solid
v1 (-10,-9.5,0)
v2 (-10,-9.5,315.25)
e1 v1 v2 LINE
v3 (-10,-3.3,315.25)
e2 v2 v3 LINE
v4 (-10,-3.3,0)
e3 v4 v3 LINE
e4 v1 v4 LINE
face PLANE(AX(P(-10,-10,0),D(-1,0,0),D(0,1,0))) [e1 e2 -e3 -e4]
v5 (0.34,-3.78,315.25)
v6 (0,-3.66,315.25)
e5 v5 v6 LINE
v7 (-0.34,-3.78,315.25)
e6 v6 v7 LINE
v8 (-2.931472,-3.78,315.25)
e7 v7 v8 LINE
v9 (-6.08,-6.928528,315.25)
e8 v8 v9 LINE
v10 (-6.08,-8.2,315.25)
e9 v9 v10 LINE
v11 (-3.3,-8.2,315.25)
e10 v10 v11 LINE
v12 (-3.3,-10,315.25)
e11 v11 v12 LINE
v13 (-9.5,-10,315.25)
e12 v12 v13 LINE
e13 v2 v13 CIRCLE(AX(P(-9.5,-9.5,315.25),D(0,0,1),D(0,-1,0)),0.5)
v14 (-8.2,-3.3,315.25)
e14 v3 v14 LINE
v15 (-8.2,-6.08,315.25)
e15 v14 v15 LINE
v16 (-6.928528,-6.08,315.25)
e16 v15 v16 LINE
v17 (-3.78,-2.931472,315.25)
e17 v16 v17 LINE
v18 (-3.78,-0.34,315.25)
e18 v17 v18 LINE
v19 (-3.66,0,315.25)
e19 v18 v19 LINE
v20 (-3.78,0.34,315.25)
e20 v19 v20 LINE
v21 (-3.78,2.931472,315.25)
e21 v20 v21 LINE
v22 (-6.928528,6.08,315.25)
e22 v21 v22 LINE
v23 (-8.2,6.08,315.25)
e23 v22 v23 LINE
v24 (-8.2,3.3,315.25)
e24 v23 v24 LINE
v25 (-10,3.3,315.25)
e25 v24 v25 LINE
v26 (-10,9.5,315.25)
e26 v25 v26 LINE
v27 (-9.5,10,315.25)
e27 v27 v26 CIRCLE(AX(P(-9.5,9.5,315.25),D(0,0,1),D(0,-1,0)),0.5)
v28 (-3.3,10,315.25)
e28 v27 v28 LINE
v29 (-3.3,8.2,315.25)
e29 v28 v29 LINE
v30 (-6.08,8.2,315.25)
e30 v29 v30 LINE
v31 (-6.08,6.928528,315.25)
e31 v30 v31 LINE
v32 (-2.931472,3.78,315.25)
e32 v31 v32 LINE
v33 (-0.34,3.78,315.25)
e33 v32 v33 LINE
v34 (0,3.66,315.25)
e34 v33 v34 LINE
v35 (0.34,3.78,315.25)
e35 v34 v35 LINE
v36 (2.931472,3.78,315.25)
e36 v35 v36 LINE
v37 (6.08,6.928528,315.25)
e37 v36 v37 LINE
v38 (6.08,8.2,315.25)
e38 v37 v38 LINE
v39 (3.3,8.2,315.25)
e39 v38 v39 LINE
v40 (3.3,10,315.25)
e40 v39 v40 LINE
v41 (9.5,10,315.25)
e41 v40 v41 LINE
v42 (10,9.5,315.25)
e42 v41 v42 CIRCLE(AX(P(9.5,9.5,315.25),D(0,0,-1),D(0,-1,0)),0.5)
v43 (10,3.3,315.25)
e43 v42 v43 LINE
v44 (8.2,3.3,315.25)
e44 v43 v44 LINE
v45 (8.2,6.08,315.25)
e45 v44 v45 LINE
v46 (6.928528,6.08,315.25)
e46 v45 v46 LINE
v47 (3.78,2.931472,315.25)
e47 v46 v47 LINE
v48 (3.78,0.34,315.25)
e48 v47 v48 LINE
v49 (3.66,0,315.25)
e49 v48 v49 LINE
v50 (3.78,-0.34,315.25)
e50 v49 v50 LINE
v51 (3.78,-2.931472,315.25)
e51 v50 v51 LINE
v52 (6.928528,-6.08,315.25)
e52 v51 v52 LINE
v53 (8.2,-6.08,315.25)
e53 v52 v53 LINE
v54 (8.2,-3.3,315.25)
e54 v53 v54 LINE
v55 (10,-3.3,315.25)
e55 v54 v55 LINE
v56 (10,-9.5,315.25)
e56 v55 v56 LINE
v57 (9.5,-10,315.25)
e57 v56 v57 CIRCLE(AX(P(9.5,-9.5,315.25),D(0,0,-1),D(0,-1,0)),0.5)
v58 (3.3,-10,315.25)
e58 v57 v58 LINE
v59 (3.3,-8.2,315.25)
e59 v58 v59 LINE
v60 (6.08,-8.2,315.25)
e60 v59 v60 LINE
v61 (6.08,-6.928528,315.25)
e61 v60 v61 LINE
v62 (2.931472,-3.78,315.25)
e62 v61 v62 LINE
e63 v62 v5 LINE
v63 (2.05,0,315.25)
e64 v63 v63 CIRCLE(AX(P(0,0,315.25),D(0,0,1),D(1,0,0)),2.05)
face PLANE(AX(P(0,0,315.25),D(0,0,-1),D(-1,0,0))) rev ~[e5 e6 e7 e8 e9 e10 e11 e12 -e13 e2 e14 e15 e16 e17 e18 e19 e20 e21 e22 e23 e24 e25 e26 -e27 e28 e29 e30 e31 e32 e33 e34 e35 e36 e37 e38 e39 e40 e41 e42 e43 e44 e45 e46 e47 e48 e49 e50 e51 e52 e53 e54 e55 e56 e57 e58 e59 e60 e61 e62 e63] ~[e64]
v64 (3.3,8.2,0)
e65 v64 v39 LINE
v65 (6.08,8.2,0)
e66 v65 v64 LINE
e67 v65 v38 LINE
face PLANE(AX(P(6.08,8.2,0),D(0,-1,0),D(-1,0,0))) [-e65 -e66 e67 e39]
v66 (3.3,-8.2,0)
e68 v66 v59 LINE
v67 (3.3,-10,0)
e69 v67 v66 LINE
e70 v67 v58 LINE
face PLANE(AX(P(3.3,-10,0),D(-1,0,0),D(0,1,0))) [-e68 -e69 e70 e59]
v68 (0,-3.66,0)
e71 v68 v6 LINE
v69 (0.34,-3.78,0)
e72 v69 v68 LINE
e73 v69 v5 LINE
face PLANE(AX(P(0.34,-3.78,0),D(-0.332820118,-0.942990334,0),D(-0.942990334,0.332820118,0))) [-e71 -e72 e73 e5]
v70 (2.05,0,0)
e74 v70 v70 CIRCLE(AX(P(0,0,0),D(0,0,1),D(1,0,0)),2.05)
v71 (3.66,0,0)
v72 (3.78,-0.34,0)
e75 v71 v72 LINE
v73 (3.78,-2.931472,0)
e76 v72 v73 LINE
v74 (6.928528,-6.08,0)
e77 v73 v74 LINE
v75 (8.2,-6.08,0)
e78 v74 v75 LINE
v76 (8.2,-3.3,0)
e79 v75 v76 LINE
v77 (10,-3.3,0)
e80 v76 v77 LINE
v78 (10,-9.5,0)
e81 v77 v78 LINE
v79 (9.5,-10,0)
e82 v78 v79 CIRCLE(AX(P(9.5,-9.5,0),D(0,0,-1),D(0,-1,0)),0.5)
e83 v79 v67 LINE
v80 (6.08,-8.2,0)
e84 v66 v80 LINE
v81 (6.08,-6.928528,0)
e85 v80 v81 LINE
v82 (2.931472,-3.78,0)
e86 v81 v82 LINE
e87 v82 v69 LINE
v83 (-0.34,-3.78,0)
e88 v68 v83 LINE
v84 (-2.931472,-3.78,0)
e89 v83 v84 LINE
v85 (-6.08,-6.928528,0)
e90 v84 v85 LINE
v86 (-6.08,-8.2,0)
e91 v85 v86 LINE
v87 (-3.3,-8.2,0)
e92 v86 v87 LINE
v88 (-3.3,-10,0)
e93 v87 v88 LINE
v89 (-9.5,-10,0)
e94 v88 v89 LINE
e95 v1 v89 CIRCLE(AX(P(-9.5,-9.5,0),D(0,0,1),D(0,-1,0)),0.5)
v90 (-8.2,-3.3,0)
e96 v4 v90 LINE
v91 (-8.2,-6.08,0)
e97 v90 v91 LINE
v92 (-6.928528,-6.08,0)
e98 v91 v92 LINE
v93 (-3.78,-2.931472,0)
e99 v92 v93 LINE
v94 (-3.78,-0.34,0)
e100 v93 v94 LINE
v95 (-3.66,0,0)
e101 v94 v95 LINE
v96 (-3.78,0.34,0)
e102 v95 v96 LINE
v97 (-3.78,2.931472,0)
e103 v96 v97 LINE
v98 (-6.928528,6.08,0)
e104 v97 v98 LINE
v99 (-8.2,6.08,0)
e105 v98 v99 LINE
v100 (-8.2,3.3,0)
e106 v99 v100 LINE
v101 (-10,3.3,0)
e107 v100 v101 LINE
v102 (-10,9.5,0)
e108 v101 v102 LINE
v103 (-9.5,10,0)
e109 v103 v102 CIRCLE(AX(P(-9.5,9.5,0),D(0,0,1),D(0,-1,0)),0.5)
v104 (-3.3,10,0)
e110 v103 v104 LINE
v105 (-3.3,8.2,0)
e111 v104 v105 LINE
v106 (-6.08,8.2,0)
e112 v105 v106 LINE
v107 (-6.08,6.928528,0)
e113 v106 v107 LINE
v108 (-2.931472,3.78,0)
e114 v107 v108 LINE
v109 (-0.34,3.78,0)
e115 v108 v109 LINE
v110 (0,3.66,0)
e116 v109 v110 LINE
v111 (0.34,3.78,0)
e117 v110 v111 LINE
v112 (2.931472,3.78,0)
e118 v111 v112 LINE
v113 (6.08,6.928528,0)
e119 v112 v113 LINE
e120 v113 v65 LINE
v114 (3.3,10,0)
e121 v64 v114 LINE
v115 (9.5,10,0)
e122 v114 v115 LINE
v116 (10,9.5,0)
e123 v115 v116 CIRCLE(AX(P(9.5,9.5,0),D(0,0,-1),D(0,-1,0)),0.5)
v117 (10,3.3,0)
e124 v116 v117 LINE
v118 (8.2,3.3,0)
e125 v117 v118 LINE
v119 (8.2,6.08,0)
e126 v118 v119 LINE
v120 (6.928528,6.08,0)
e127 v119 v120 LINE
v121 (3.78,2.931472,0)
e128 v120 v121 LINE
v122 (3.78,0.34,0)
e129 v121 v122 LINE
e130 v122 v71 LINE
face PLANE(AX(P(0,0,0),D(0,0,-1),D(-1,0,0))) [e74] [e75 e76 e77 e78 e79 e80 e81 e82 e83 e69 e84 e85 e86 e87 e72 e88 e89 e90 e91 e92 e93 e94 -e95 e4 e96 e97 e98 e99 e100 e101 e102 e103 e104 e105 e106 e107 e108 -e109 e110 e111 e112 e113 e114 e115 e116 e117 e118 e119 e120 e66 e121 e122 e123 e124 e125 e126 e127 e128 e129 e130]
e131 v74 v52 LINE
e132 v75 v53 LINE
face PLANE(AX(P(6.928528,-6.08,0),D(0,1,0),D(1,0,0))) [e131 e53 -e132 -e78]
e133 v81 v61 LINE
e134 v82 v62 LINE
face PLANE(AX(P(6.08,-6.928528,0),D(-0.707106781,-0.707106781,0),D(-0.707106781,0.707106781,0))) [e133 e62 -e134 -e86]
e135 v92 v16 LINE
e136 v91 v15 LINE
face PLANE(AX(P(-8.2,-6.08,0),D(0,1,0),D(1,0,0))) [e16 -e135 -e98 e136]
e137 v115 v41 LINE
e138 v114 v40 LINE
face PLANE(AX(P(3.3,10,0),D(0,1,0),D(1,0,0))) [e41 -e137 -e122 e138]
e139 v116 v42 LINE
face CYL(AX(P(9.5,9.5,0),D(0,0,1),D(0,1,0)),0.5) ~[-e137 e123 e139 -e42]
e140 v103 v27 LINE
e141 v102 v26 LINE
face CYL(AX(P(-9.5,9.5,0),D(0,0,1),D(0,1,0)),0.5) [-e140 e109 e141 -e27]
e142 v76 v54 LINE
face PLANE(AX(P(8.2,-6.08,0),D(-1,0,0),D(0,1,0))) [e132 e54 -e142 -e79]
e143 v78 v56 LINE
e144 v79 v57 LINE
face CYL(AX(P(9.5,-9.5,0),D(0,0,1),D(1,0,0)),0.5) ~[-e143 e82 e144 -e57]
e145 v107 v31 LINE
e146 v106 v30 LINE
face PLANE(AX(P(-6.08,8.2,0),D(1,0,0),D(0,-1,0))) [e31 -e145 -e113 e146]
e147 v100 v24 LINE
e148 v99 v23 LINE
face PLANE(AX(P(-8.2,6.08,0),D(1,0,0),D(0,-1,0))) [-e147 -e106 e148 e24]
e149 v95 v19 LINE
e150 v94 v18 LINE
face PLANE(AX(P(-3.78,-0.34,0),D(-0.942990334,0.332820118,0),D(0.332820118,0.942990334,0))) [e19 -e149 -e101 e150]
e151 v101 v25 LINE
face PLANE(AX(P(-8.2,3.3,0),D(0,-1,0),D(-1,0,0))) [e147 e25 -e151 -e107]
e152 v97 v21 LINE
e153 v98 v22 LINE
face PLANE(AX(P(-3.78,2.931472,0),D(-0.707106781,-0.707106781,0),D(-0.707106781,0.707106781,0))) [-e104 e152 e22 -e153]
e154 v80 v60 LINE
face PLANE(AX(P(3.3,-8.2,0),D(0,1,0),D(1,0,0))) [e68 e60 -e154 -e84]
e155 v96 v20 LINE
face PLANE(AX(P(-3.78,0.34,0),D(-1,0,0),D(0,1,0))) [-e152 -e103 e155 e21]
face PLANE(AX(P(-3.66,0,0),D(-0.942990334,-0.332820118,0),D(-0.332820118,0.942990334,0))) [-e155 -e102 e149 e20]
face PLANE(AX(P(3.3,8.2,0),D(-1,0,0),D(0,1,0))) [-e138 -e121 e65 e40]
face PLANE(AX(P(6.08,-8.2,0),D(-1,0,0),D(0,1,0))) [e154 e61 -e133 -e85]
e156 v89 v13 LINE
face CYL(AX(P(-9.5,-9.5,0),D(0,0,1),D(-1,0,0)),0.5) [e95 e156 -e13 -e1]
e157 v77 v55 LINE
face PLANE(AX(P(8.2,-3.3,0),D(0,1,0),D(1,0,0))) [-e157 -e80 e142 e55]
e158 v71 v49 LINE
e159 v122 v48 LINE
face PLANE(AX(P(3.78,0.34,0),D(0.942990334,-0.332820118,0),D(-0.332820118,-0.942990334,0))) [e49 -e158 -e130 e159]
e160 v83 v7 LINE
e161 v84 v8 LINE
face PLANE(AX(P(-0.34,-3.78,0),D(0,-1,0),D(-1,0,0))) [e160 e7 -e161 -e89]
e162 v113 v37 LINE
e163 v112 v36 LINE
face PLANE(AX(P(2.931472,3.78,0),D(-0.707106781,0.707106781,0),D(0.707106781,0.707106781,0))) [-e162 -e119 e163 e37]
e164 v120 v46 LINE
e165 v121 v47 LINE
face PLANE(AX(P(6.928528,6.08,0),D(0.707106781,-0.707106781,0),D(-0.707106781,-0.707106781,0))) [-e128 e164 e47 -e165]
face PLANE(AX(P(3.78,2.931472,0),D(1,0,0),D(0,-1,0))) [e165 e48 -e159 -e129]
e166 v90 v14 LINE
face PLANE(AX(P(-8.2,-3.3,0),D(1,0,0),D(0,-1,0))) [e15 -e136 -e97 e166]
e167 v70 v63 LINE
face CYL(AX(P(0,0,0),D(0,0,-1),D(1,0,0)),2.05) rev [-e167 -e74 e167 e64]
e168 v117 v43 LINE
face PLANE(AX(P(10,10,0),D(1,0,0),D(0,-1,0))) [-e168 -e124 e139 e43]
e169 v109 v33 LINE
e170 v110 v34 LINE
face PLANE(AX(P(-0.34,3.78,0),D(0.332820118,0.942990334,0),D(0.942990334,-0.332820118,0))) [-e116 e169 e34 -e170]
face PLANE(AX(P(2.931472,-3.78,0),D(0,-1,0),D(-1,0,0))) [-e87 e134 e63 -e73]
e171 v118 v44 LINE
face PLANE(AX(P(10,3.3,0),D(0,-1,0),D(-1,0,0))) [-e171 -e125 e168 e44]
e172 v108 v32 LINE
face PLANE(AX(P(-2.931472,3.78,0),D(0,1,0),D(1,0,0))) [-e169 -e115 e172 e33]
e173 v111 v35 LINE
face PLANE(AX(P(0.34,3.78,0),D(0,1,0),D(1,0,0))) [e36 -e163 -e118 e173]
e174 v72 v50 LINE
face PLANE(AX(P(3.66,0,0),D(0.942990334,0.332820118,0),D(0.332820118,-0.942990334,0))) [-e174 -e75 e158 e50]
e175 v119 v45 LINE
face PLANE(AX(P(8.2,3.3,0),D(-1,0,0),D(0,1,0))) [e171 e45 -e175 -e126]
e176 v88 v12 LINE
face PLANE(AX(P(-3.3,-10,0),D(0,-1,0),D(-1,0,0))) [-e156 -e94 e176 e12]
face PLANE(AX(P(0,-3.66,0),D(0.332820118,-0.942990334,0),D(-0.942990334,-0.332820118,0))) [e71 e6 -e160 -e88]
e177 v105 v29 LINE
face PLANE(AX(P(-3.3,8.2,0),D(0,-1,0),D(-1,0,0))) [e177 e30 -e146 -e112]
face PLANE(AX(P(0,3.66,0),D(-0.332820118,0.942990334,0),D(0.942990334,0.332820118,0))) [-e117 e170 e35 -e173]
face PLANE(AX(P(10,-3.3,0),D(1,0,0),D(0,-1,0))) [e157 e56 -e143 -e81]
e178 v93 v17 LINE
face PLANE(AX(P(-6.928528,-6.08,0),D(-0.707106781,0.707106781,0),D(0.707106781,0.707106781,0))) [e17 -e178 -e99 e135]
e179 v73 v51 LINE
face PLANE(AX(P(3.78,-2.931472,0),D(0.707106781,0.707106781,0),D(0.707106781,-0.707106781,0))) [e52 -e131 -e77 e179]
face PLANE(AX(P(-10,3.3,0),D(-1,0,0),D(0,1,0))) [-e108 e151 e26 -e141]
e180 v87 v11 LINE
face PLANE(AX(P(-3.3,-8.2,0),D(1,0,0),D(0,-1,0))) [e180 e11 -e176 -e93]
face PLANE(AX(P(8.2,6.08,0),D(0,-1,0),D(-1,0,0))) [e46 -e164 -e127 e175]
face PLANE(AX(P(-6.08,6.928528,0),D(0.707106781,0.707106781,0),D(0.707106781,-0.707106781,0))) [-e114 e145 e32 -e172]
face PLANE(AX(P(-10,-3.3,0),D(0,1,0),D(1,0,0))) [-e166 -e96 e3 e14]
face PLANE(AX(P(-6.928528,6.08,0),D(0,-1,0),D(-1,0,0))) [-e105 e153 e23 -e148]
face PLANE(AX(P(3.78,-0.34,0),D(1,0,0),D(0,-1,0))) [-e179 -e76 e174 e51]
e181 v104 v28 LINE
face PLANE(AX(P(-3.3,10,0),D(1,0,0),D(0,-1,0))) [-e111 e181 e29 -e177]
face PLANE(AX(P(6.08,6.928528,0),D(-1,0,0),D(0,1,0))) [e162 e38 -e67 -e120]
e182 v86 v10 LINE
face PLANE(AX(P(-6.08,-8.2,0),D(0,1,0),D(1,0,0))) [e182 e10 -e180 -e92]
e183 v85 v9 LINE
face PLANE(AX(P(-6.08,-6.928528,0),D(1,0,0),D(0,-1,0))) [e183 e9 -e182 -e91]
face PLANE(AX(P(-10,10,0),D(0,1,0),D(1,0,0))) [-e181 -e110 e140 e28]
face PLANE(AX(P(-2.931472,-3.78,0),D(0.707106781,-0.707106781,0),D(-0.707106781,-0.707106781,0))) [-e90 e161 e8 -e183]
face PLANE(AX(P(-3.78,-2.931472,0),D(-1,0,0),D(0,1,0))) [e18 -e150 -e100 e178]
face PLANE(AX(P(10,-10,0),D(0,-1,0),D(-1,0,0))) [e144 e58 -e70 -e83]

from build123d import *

# Parameters (mm, degrees)
SKETCH1_R           = 2.05
BOSS_EXTRUDE1_DEPTH = 315.25
FILLET1_R           = 0.5


with BuildPart() as part:
    # Sketch1 → Boss-Extrude1 (new body)
    with BuildSketch(Plane.XY):
        Polygon((-3.3, 10), (-3.3, 8.2), (-6.08, 8.2), (-6.08, 6.928528137), (-2.931471863, 3.78), (-0.34, 3.78), (0, 3.66), (0.34, 3.78), (2.931471863, 3.78), (6.08, 6.928528137), (6.08, 8.2), (3.3, 8.2), (3.3, 10), (10, 10), (10, 3.3), (8.2, 3.3), (8.2, 6.08), (6.928528137, 6.08), (3.78, 2.931471863), (3.78, 0.34), (3.66, 0), (3.78, -0.34), (3.78, -2.931471863), (6.928528137, -6.08), (8.2, -6.08), (8.2, -3.3), (10, -3.3), (10, -10), (3.3, -10), (3.3, -8.2), (6.08, -8.2), (6.08, -6.928528137), (2.931471863, -3.78), (0.34, -3.78), (0, -3.66), (-0.34, -3.78), (-2.931471863, -3.78), (-6.08, -6.928528137), (-6.08, -8.2), (-3.3, -8.2), (-3.3, -10), (-10, -10), (-10, -3.3), (-8.2, -3.3), (-8.2, -6.08), (-6.928528137, -6.08), (-3.78, -2.931471863), (-3.78, -0.34), (-3.66, 0), (-3.78, 0.34), (-3.78, 2.931471863), (-6.928528137, 6.08), (-8.2, 6.08), (-8.2, 3.3), (-10, 3.3), (-10, 10), align=None)
        Circle(SKETCH1_R, mode=Mode.SUBTRACT)
    extrude(amount=BOSS_EXTRUDE1_DEPTH)

    # Fillet1
    fillet1_edges = [part.edges().sort_by_distance(p)[0] for p in [
        (10, 10, 157.625),
        (10, -10, 157.625),
        (-10, -10, 157.625),
        (-10, 10, 157.625),
    ]]
    fillet(fillet1_edges, radius=FILLET1_R)


solid = part.part
